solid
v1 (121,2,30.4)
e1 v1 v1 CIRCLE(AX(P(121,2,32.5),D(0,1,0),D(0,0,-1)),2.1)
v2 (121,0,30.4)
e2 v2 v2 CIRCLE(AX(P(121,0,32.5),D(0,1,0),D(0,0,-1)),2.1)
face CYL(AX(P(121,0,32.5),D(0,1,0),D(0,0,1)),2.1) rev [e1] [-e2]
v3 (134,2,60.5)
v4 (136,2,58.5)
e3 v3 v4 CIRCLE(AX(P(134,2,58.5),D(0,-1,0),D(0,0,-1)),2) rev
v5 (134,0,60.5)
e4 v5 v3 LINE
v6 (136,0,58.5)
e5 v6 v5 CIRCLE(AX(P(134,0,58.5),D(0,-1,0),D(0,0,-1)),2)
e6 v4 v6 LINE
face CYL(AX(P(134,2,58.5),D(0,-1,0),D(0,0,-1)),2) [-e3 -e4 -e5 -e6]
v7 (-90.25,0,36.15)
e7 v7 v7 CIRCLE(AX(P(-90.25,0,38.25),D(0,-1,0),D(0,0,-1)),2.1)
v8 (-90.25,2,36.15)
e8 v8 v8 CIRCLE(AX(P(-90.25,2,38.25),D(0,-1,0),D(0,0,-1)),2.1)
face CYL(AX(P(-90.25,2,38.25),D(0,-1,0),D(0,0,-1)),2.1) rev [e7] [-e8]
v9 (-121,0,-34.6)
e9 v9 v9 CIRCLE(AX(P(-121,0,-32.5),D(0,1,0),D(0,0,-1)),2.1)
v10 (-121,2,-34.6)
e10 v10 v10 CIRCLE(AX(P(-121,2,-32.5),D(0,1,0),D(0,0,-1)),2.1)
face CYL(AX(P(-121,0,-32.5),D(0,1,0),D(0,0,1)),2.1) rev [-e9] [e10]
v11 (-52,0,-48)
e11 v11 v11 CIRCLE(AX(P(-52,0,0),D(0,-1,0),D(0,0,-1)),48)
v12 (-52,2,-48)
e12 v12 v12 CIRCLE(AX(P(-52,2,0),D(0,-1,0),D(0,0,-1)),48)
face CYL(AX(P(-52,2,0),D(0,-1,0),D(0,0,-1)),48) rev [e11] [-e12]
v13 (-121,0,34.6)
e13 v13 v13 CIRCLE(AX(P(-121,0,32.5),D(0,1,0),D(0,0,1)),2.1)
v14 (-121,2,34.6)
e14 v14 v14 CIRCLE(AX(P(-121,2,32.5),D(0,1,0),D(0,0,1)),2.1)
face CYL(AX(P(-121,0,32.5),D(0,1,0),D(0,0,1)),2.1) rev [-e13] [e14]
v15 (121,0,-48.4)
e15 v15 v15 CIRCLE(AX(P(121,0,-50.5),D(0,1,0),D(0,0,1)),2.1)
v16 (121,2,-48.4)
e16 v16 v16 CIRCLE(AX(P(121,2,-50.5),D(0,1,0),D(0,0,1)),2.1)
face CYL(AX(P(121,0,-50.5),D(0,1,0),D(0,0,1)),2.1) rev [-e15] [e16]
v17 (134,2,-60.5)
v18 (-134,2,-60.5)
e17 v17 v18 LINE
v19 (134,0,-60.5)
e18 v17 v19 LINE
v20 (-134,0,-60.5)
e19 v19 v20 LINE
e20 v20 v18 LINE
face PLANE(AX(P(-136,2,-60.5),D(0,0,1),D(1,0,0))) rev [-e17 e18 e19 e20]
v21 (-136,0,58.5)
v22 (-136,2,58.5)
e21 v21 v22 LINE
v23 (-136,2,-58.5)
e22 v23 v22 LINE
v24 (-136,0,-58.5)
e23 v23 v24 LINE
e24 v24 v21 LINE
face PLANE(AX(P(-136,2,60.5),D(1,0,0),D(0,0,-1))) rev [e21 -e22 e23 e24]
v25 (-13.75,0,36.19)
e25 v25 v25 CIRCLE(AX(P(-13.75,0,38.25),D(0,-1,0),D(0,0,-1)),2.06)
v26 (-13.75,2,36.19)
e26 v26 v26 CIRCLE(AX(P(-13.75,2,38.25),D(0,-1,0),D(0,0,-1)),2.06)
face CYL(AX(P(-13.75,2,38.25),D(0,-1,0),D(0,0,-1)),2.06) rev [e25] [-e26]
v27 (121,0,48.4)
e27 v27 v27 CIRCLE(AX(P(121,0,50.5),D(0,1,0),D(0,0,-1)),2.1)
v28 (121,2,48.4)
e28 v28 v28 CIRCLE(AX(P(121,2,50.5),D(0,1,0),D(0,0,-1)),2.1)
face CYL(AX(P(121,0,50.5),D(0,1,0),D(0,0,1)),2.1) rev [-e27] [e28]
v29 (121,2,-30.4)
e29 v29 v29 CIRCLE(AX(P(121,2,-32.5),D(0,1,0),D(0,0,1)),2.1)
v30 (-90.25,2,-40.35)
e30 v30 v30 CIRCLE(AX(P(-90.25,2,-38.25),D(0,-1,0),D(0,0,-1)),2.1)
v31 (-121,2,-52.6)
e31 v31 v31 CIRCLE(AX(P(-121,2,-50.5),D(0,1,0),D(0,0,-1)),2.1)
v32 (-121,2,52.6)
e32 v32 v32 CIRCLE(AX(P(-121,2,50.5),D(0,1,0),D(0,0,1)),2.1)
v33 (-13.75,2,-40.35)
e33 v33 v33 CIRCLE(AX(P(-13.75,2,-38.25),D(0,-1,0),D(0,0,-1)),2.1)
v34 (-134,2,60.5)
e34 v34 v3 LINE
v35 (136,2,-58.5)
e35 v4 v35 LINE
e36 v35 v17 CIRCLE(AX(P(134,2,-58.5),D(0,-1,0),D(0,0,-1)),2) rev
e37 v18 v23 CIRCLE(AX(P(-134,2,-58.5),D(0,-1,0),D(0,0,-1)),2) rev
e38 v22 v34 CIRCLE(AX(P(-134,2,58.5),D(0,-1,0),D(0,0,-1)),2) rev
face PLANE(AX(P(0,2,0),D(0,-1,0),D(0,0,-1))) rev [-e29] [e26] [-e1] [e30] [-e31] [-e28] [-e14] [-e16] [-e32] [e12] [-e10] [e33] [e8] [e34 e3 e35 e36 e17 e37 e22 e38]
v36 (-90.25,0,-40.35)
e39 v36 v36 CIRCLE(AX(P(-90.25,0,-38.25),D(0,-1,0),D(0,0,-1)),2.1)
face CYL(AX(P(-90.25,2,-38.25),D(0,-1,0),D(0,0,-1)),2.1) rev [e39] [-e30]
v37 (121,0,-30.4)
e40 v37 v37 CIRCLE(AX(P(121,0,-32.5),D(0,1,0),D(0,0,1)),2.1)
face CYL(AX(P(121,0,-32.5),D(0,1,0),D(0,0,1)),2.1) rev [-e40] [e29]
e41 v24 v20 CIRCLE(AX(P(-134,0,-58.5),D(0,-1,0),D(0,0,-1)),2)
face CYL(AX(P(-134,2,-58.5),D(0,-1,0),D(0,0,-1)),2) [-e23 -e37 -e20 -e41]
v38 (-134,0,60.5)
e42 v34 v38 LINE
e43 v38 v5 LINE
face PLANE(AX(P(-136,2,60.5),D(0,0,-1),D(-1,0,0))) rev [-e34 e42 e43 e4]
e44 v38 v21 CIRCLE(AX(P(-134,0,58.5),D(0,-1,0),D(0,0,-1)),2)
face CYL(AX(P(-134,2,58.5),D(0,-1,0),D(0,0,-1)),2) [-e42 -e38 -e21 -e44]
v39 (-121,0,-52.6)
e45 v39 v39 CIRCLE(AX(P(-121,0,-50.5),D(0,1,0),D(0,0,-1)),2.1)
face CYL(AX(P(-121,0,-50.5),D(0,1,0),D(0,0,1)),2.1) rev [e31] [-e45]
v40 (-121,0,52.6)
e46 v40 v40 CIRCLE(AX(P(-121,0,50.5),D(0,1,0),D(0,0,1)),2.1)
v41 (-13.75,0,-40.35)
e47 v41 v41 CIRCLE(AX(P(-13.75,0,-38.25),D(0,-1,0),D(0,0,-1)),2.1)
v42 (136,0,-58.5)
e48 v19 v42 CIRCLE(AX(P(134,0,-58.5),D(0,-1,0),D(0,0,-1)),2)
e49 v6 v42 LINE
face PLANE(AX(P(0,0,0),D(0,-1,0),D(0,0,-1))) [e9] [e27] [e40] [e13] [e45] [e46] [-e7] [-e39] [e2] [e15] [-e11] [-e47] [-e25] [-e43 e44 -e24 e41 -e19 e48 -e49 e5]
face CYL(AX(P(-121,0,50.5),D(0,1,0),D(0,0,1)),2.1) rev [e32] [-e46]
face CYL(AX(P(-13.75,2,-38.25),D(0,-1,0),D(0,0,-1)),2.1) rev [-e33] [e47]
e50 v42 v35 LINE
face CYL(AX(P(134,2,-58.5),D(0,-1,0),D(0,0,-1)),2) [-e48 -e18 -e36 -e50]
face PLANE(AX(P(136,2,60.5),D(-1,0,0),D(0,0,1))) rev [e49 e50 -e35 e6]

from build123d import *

# Parameters (mm, degrees)
SKETCH_1_W          = 272
SKETCH_1_H          = 121
EXTRUDE_1_DEPTH     = 2
SKETCH_2_R          = 2.1
CUT_EXTRUDE_1_DEPTH = 149.863192227
FILLET_1_R          = 2
SKETCH_3_R          = 2.1
SKETCH_3_R_2        = 2.06
SKETCH_3_R_3        = 48
CUT_EXTRUDE_2_DEPTH = 149.863192227


with BuildPart() as part:
    # 草图1 → 凸台-拉伸1 (new body)
    with BuildSketch(Plane(origin=(0, 0, 0), x_dir=(1, 0, 0), z_dir=(0, 1, 0))):
        Rectangle(SKETCH_1_W, SKETCH_1_H)
    extrude(amount=EXTRUDE_1_DEPTH)

    # 草图2 → 切除-拉伸1 (cut, through all)
    with BuildSketch(Plane(origin=(0, 2, 0), x_dir=(1, 0, 0), z_dir=(0, 1, 0))):
        with Locations(Location((121, 50.5, 0), (0, 0, 270))):
            Circle(SKETCH_2_R)
        with Locations(Location((121, 32.5, 0), (0, 0, 270))):
            Circle(SKETCH_2_R)
        with Locations(Location((121, -32.5, 0), (0, 0, 90))):
            Circle(SKETCH_2_R)
        with Locations(Location((121, -50.5, 0), (0, 0, 90))):
            Circle(SKETCH_2_R)
        with Locations(Location((-121, -50.5, 0), (0, 0, 270))):
            Circle(SKETCH_2_R)
        with Locations(Location((-121, -32.5, 0), (0, 0, 270))):
            Circle(SKETCH_2_R)
        with Locations(Location((-121, 32.5, 0), (0, 0, 90))):
            Circle(SKETCH_2_R)
        with Locations(Location((-121, 50.5, 0), (0, 0, 90))):
            Circle(SKETCH_2_R)
    extrude(amount=-CUT_EXTRUDE_1_DEPTH, mode=Mode.SUBTRACT)

    # 圆角1
    fillet_1_edges = [part.edges().sort_by_distance(p)[0] for p in [
        (136, 1, 60.5),
        (-136, 1, 60.5),
        (-136, 1, -60.5),
        (136, 1, -60.5),
    ]]
    fillet(fillet_1_edges, radius=FILLET_1_R)

    # 草图3 → 切除-拉伸2 (cut, through all)
    with BuildSketch(Plane.XZ):
        with Locations(Location((-13.75, -38.25, 0), (0, 0, 270))):
            Circle(SKETCH_3_R)
        with Locations(Location((-13.75, 38.25, 0), (0, 0, 270))):
            Circle(SKETCH_3_R_2)
        with Locations(Location((-90.25, 38.25, 0), (0, 0, 270))):
            Circle(SKETCH_3_R)
        with Locations(Location((-90.25, -38.25, 0), (0, 0, 270))):
            Circle(SKETCH_3_R)
        with Locations(Location((-52, 0, 0), (0, 0, 270))):
            Circle(SKETCH_3_R_3)
    extrude(amount=-CUT_EXTRUDE_2_DEPTH, mode=Mode.SUBTRACT)


solid = part.part
